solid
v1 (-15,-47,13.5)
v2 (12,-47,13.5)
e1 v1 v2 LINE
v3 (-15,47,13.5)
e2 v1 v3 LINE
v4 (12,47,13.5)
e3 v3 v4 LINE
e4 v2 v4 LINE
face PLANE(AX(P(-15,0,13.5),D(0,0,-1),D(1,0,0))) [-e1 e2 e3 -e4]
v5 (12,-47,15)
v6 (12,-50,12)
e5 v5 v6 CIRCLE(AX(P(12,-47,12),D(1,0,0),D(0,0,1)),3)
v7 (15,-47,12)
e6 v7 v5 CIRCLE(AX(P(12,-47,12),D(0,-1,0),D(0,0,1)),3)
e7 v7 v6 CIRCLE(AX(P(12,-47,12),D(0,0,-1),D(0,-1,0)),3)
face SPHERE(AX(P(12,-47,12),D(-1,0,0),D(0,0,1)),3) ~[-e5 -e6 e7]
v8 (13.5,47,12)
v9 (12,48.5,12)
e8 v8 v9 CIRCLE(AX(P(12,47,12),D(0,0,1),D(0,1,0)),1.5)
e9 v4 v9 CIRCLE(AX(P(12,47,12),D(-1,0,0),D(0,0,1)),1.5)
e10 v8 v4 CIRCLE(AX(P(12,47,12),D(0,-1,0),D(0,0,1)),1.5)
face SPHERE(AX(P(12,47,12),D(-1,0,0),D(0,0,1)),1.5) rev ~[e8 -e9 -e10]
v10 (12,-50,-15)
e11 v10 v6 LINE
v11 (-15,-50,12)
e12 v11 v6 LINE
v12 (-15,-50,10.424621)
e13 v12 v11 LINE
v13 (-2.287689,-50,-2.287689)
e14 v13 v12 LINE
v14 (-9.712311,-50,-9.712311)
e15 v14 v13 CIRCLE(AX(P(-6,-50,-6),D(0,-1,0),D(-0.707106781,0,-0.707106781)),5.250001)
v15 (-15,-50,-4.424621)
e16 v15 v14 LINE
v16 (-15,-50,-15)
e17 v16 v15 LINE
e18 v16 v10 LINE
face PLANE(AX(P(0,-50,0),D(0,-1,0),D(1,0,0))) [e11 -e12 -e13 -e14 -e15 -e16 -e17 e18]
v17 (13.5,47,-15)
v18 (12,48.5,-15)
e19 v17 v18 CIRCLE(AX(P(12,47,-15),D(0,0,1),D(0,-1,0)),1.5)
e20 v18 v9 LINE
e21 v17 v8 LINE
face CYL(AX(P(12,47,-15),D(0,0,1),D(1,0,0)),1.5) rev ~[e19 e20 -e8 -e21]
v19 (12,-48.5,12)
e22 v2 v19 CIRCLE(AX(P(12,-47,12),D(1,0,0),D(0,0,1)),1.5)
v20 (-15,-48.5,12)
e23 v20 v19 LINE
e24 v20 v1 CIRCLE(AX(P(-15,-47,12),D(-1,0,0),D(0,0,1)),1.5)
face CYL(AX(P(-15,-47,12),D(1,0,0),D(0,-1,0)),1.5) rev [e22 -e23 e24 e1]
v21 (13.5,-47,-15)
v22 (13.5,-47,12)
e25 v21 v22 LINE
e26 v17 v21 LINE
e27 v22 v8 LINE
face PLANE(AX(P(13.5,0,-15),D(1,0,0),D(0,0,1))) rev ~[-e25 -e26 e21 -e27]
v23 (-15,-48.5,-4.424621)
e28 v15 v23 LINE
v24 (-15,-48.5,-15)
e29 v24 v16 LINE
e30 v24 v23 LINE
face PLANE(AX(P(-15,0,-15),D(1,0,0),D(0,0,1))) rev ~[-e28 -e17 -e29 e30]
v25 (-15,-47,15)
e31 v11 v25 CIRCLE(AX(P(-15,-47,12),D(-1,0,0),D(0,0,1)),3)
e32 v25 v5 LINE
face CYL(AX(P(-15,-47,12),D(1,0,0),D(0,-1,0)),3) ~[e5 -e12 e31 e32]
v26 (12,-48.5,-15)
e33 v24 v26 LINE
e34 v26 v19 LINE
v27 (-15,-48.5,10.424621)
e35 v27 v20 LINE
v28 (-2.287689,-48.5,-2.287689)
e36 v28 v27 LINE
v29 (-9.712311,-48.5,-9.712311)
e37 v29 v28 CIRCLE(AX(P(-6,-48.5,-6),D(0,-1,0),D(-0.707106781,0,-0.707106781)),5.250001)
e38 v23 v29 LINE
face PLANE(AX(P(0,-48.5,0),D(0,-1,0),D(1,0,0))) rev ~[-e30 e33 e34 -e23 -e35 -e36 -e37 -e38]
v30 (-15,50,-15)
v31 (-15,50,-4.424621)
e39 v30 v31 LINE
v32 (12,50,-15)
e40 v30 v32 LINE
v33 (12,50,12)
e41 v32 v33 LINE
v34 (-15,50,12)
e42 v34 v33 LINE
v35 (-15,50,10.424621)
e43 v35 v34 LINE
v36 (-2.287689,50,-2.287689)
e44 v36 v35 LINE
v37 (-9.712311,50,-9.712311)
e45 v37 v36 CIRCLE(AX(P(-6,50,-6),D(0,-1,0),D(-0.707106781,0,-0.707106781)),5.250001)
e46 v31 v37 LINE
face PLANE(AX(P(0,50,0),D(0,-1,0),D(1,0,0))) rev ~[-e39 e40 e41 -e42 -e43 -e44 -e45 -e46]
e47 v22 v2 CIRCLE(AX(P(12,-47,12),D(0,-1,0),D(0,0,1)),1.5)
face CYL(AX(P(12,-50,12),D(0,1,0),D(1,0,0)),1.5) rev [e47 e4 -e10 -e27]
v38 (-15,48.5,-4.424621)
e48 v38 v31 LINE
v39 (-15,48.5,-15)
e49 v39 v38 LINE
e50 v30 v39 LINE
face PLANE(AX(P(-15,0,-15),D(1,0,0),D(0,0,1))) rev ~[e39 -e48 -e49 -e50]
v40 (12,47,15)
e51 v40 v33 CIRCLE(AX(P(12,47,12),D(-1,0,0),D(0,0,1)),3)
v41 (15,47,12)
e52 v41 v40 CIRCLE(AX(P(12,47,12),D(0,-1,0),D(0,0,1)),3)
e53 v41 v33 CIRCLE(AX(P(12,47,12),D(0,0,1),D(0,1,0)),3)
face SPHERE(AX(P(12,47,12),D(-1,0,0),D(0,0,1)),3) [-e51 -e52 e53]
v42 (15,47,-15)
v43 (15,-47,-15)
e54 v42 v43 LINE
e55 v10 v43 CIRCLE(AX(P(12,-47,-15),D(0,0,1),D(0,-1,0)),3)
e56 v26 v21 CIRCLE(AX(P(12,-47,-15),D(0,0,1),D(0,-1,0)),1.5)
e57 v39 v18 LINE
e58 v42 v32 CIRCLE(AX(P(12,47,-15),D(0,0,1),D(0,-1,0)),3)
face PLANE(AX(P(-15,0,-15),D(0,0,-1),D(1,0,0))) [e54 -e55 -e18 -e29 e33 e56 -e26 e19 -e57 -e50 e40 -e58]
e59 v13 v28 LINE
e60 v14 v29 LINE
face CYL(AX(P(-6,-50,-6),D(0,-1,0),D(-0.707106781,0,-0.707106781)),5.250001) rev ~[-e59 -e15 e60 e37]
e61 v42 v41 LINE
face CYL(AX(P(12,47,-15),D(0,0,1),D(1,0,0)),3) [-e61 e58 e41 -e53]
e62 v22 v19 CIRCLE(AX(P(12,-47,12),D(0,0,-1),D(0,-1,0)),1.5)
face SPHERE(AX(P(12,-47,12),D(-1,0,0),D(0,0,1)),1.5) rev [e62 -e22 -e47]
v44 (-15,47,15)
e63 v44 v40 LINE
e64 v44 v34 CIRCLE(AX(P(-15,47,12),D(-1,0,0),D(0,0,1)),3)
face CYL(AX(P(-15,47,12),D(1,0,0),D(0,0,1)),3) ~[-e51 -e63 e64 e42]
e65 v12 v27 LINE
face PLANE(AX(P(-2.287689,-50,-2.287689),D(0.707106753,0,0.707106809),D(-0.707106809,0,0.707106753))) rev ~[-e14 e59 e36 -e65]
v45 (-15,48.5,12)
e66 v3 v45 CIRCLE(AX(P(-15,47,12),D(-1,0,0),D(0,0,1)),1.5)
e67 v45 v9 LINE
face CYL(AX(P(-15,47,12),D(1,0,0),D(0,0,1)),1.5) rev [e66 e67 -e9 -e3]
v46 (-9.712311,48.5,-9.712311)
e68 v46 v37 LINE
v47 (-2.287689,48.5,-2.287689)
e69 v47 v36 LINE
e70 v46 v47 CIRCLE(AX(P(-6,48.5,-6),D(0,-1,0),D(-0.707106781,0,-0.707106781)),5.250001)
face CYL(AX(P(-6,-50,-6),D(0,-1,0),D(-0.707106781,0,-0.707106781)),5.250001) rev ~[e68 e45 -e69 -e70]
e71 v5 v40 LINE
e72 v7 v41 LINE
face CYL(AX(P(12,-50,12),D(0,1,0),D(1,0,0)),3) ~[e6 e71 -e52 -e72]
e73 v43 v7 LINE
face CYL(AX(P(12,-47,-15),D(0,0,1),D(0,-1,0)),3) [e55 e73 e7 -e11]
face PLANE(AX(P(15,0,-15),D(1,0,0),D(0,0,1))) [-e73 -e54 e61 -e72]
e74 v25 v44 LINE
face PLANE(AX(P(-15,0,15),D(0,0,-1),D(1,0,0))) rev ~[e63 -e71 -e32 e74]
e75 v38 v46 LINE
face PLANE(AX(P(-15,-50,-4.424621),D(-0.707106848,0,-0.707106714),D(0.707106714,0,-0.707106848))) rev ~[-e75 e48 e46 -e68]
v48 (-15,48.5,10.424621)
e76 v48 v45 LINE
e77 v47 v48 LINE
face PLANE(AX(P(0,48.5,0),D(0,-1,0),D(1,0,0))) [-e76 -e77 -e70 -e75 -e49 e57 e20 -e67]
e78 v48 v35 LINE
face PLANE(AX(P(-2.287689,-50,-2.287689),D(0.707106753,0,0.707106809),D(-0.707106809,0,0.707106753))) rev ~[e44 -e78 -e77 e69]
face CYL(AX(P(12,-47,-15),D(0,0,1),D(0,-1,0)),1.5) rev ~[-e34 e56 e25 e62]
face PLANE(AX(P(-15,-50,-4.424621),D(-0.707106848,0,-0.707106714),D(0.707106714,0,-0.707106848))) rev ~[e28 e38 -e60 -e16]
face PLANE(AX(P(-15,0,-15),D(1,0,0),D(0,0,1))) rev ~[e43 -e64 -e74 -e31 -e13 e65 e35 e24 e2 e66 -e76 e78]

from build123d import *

# Parameters (mm, degrees)
F0_W          = 30
F0_H          = 30
F1_DEPTH      = 50
F1_DEPTH_BACK = 50
F2_R          = 3
F3_T          = -1.5
F5_DEPTH      = 100.001


with BuildPart() as f1:
    # F0 (on Front) → F1 (new body, two sides)
    with BuildSketch(Plane.XZ) as f1_sk:
        Rectangle(F0_W, F0_H)
    extrude(amount=F1_DEPTH)
    extrude(f1_sk.sketch, amount=-F1_DEPTH_BACK)

    # F2
    f2_edges = [f1.edges().sort_by_distance(p)[0] for p in [
        (0, -50, 15),
        (0, 50, 15),
        (15, 0, 15),
        (15, -50, 0),
        (15, 50, 0),
    ]]
    fillet(f2_edges, radius=F2_R)

    # F3
    f3_openings = [f1.faces().sort_by_distance(p)[0] for p in [
        (-15, 0, -0.018475),
        (-0.018475, 0, -15),
    ]]
    offset(amount=F3_T, openings=f3_openings)

    # F4 (on face) → F5 (cut, through all)
    with BuildSketch(Plane.XZ.offset(50)):
        with BuildLine():
            Line((-15, -4.424621), (-9.712311, -9.712311))
            ThreePointArc((-9.712311, -9.712311), (-2.287689, -9.712311), (-2.287689, -2.287689))
            Line((-2.287689, -2.287689), (-15, 10.424621))
            Line((-15, 10.424621), (-15, -4.424621))
        make_face()
    extrude(amount=-F5_DEPTH, mode=Mode.SUBTRACT)


solid = f1.part
